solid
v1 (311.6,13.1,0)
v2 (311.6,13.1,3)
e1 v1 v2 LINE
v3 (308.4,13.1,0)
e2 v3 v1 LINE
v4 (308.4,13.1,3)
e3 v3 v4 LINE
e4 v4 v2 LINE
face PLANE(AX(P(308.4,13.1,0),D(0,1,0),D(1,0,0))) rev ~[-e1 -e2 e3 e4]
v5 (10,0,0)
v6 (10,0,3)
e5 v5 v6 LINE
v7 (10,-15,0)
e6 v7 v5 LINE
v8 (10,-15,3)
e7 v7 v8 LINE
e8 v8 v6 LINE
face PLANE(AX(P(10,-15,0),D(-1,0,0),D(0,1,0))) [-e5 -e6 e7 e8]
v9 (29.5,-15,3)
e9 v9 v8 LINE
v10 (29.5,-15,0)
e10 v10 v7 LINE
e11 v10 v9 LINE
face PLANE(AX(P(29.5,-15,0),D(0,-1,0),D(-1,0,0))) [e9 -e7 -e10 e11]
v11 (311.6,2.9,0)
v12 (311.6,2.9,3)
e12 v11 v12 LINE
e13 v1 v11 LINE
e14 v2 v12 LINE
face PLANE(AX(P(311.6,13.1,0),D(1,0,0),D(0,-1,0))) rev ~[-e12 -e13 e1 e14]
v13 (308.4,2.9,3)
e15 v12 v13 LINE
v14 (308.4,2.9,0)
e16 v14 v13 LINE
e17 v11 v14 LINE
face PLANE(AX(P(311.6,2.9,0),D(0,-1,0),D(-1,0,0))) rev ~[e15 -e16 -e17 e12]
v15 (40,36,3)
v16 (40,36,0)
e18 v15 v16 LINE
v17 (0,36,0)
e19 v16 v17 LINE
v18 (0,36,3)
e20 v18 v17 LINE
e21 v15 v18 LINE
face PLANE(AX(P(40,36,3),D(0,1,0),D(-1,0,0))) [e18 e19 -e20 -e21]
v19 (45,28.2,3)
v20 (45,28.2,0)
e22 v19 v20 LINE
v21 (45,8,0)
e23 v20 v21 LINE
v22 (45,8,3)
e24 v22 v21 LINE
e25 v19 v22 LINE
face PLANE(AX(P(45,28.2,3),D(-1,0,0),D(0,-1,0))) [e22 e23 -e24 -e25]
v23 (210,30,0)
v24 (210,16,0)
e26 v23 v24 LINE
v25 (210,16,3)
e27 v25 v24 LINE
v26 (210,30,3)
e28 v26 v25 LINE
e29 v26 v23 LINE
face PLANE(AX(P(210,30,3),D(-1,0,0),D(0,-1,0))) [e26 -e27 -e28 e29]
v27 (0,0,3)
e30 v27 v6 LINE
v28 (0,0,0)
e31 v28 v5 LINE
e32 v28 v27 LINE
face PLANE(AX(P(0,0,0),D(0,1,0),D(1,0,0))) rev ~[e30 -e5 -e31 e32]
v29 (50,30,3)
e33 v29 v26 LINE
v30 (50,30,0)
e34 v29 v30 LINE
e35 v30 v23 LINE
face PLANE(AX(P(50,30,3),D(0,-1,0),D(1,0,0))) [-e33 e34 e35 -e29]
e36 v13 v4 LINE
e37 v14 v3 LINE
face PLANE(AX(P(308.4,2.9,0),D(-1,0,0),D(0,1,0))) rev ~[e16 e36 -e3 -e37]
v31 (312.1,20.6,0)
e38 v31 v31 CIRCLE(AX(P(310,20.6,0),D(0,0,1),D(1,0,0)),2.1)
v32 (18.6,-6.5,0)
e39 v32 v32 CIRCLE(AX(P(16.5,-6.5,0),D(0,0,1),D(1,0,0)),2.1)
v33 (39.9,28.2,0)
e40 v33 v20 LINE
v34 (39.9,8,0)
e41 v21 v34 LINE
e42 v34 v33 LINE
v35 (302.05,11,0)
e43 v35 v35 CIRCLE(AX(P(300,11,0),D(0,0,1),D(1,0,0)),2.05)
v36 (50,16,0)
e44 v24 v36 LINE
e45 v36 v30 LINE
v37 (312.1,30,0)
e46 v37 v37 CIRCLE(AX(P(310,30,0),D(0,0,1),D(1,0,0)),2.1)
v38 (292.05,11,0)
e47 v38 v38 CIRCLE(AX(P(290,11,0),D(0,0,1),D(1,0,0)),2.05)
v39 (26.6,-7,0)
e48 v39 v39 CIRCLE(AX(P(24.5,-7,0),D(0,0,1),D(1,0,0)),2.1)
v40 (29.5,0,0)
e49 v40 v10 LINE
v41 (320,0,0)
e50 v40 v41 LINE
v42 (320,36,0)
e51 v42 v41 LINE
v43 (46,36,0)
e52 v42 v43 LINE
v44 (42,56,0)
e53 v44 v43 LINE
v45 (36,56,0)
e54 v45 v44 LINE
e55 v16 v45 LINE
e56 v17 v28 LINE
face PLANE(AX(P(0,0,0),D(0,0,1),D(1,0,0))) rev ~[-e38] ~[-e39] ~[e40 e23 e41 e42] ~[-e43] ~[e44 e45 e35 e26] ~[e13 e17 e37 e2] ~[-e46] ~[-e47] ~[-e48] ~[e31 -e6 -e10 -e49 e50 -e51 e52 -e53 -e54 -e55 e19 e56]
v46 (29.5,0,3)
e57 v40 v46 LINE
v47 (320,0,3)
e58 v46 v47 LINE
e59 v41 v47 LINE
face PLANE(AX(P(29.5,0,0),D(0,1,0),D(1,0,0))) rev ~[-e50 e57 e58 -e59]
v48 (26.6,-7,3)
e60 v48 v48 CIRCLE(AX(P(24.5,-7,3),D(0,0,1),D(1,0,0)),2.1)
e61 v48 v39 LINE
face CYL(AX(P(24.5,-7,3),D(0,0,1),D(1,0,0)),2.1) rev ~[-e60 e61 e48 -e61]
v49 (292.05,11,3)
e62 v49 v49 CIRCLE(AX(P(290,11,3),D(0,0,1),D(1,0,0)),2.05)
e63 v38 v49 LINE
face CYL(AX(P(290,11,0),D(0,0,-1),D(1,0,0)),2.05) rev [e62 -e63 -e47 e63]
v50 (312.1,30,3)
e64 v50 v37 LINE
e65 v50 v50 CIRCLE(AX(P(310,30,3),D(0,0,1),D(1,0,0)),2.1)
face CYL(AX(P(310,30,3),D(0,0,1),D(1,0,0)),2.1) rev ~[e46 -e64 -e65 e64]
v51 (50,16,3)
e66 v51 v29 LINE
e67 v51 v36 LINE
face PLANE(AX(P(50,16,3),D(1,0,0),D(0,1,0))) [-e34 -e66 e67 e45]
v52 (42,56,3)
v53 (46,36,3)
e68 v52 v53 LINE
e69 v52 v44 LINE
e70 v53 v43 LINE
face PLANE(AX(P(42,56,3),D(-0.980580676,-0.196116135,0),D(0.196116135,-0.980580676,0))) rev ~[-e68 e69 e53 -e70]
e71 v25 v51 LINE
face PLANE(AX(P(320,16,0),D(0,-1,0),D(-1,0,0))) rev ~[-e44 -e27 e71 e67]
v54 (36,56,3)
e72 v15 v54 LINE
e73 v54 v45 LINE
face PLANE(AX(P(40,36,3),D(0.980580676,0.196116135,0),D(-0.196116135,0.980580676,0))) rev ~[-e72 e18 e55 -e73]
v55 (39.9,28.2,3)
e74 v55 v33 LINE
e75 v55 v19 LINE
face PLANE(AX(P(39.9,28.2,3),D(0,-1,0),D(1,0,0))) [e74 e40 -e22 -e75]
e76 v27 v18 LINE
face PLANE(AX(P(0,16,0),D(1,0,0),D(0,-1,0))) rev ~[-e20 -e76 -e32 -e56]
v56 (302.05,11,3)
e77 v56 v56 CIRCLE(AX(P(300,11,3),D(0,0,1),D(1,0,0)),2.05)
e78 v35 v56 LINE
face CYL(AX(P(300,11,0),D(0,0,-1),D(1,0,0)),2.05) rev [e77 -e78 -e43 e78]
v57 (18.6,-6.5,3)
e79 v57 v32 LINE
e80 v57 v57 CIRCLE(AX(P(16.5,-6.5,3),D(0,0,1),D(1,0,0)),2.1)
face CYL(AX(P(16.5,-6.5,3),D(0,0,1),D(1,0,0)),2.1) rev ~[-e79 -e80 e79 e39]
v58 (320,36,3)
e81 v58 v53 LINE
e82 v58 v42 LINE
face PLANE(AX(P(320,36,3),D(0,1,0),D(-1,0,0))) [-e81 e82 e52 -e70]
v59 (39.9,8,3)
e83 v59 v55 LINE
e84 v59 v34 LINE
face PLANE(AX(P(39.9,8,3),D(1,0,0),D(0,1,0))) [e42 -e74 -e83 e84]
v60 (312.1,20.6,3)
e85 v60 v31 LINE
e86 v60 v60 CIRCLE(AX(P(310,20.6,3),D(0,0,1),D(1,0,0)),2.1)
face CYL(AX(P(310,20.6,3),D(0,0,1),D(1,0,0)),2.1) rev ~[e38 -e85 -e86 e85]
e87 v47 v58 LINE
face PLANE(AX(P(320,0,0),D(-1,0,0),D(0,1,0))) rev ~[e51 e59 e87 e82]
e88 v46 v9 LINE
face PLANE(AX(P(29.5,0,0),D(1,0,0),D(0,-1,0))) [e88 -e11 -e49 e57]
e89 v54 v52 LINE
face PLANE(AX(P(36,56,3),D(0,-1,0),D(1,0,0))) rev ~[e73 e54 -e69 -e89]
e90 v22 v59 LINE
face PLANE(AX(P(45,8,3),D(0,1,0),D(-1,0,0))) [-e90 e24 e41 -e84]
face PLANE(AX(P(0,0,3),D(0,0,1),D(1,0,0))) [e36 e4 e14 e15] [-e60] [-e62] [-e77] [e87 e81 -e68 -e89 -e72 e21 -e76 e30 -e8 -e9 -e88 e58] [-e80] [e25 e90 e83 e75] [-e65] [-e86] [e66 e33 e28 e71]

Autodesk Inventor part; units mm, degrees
ref_plane "YZ Plane" through (0, 0, 0) normal (1, 0, 0) x (0, 1, 0)
ref_plane "XZ Plane" through (0, 0, 0) normal (0, 1, 0) x (-1, 0, 0)
ref_plane "XY Plane" through (0, 0, 0) normal (0, 0, 1) x (1, 0, 0)
sketch "Sketch1" plane through (0, 0, 0) normal (0, 0, 1) x (1, 0, 0)
  line L0 (0, 0) -> (320, 0)
  line L1 (320, 0) -> (320, 16)
  line L2 (320, 16) -> (0, 16)
  line L3 (0, 16) -> (0, 0)
  line L4 (0, 0) -> (22.0483, 0)
  line L5 (10, 0) -> (29.5, 0)
  line L6 (29.5, 0) -> (29.5, -15)
  line L7 (29.5, -15) -> (10, -15)
  line L8 (10, -15) -> (10, 0)
  line L9 (308.4, 13.1) -> (311.6, 13.1)
  line L10 (311.6, 13.1) -> (311.6, 2.9)
  line L11 (311.6, 2.9) -> (308.4, 2.9)
  line L12 (308.4, 2.9) -> (308.4, 13.1)
  line L13 (308.4, 13.1) -> (311.6, 2.9) construction
  line L14 (311.6, 13.1) -> (308.4, 2.9) construction
  circle A0 centre (300, 11) radius 2.05
  circle A1 centre (290, 11) radius 2.05
  point P0 (0, 8)
  point P1 (310, 8)
  dimension "d2" = 19.5
  dimension "d3" = 15
  dimension "d4" = 10
  dimension "d5" = 16
  dimension "d8" = 320
  dimension "d13" = 10.2
  dimension "d14" = 3.2
  dimension "d15" = 10
  dimension "d16" = 4.1
  dimension "d18" = 4.1
  dimension "d20" = 10
  dimension "d21" = 20
  dimension "d23" = 5
extrude "Extrusion1" add sketch "Sketch1" along normal blind 3
sketch "Sketch2" plane through (0, 0, 3) normal (0, 0, 1) x (1, 0, 0)
  line L0 (0, 16) -> (0, 0) projected
  line L1 (0, 16) -> (0, 36)
  line L2 (320, 0) -> (320, 16) projected
  line L3 (320, 16) -> (320, 36)
  line L4 (320, 36) -> (0, 36)
  line L5 (320, 16) -> (0, 16) projected
  line L6 (50, 16) -> (50, 30)
  line L7 (50, 30) -> (210, 30)
  line L8 (210, 30) -> (210, 16)
  line L9 (40, 36) -> (36, 56)
  line L10 (36, 56) -> (42, 56)
  line L11 (42, 56) -> (46, 36)
  circle A0 centre (300, 11) radius 2.05 projected
  line L12 (311.6, 13.1) -> (311.6, 2.9) projected
  circle A1 centre (310, 30) radius 2.1
  circle A2 centre (310, 20.6) radius 2.1
  point P0 (308.4, 13.1)
  point P1 (311.6, 8)
  dimension "d44" = 20
  dimension "d45" = 160
  dimension "d46" = 50
  dimension "d47" = 14
  dimension "d48" = 20
  dimension "d49" = 6
  dimension "d50" = 4
  dimension "d51" = 40
  dimension "d83" = 4.2
  dimension "d84" = 4.2
  dimension "d85" = 6
  dimension "d86" = 9.4
  dimension "d87" = 10
extrude "Extrusion2" add sketch "Sketch2" against normal blind 3 contours L1 L4 L3 L5 L8 L7 L6 | L9 L10 L11 L4
sketch "Sketch3" plane through (0, 0, 3) normal (0, 0, 1) x (1, 0, 0)
  circle A0 centre (16.5, -6.5) radius 2.1
  circle A1 centre (24.5, -7) radius 2.1
  line L0 (29.5, 0) -> (320, 0) projected
  line L1 (29.5, -15) -> (29.5, 0) projected
  point P0 (0, 0)
  dimension "d75" = 4.2
  dimension "d76" = 6.5
  dimension "d77" = 4.2
  dimension "d78" = 7
  dimension "d79" = 5
  dimension "d80" = 8
extrude "Extrusion3" cut sketch "Sketch3" against normal blind 3
sketch "Sketch4" plane through (0, 0, 3) normal (0, 0, 1) x (1, 0, 0)
  line L0 (39.9, 28.2) -> (45, 28.2)
  line L1 (45, 28.2) -> (45, 8)
  line L2 (45, 8) -> (39.9, 8)
  line L3 (39.9, 8) -> (39.9, 28.2)
  line L4 (50, 16) -> (50, 30) projected
  line L5 (29.5, 0) -> (320, 0) projected
  point P0 (0, 0)
  dimension "d88" = 5.1
  dimension "d89" = 20.2
  dimension "d90" = 5
  dimension "d91" = 8
extrude "Extrusion4" cut sketch "Sketch4" against normal blind 3
properties part number "Middle_bar"
